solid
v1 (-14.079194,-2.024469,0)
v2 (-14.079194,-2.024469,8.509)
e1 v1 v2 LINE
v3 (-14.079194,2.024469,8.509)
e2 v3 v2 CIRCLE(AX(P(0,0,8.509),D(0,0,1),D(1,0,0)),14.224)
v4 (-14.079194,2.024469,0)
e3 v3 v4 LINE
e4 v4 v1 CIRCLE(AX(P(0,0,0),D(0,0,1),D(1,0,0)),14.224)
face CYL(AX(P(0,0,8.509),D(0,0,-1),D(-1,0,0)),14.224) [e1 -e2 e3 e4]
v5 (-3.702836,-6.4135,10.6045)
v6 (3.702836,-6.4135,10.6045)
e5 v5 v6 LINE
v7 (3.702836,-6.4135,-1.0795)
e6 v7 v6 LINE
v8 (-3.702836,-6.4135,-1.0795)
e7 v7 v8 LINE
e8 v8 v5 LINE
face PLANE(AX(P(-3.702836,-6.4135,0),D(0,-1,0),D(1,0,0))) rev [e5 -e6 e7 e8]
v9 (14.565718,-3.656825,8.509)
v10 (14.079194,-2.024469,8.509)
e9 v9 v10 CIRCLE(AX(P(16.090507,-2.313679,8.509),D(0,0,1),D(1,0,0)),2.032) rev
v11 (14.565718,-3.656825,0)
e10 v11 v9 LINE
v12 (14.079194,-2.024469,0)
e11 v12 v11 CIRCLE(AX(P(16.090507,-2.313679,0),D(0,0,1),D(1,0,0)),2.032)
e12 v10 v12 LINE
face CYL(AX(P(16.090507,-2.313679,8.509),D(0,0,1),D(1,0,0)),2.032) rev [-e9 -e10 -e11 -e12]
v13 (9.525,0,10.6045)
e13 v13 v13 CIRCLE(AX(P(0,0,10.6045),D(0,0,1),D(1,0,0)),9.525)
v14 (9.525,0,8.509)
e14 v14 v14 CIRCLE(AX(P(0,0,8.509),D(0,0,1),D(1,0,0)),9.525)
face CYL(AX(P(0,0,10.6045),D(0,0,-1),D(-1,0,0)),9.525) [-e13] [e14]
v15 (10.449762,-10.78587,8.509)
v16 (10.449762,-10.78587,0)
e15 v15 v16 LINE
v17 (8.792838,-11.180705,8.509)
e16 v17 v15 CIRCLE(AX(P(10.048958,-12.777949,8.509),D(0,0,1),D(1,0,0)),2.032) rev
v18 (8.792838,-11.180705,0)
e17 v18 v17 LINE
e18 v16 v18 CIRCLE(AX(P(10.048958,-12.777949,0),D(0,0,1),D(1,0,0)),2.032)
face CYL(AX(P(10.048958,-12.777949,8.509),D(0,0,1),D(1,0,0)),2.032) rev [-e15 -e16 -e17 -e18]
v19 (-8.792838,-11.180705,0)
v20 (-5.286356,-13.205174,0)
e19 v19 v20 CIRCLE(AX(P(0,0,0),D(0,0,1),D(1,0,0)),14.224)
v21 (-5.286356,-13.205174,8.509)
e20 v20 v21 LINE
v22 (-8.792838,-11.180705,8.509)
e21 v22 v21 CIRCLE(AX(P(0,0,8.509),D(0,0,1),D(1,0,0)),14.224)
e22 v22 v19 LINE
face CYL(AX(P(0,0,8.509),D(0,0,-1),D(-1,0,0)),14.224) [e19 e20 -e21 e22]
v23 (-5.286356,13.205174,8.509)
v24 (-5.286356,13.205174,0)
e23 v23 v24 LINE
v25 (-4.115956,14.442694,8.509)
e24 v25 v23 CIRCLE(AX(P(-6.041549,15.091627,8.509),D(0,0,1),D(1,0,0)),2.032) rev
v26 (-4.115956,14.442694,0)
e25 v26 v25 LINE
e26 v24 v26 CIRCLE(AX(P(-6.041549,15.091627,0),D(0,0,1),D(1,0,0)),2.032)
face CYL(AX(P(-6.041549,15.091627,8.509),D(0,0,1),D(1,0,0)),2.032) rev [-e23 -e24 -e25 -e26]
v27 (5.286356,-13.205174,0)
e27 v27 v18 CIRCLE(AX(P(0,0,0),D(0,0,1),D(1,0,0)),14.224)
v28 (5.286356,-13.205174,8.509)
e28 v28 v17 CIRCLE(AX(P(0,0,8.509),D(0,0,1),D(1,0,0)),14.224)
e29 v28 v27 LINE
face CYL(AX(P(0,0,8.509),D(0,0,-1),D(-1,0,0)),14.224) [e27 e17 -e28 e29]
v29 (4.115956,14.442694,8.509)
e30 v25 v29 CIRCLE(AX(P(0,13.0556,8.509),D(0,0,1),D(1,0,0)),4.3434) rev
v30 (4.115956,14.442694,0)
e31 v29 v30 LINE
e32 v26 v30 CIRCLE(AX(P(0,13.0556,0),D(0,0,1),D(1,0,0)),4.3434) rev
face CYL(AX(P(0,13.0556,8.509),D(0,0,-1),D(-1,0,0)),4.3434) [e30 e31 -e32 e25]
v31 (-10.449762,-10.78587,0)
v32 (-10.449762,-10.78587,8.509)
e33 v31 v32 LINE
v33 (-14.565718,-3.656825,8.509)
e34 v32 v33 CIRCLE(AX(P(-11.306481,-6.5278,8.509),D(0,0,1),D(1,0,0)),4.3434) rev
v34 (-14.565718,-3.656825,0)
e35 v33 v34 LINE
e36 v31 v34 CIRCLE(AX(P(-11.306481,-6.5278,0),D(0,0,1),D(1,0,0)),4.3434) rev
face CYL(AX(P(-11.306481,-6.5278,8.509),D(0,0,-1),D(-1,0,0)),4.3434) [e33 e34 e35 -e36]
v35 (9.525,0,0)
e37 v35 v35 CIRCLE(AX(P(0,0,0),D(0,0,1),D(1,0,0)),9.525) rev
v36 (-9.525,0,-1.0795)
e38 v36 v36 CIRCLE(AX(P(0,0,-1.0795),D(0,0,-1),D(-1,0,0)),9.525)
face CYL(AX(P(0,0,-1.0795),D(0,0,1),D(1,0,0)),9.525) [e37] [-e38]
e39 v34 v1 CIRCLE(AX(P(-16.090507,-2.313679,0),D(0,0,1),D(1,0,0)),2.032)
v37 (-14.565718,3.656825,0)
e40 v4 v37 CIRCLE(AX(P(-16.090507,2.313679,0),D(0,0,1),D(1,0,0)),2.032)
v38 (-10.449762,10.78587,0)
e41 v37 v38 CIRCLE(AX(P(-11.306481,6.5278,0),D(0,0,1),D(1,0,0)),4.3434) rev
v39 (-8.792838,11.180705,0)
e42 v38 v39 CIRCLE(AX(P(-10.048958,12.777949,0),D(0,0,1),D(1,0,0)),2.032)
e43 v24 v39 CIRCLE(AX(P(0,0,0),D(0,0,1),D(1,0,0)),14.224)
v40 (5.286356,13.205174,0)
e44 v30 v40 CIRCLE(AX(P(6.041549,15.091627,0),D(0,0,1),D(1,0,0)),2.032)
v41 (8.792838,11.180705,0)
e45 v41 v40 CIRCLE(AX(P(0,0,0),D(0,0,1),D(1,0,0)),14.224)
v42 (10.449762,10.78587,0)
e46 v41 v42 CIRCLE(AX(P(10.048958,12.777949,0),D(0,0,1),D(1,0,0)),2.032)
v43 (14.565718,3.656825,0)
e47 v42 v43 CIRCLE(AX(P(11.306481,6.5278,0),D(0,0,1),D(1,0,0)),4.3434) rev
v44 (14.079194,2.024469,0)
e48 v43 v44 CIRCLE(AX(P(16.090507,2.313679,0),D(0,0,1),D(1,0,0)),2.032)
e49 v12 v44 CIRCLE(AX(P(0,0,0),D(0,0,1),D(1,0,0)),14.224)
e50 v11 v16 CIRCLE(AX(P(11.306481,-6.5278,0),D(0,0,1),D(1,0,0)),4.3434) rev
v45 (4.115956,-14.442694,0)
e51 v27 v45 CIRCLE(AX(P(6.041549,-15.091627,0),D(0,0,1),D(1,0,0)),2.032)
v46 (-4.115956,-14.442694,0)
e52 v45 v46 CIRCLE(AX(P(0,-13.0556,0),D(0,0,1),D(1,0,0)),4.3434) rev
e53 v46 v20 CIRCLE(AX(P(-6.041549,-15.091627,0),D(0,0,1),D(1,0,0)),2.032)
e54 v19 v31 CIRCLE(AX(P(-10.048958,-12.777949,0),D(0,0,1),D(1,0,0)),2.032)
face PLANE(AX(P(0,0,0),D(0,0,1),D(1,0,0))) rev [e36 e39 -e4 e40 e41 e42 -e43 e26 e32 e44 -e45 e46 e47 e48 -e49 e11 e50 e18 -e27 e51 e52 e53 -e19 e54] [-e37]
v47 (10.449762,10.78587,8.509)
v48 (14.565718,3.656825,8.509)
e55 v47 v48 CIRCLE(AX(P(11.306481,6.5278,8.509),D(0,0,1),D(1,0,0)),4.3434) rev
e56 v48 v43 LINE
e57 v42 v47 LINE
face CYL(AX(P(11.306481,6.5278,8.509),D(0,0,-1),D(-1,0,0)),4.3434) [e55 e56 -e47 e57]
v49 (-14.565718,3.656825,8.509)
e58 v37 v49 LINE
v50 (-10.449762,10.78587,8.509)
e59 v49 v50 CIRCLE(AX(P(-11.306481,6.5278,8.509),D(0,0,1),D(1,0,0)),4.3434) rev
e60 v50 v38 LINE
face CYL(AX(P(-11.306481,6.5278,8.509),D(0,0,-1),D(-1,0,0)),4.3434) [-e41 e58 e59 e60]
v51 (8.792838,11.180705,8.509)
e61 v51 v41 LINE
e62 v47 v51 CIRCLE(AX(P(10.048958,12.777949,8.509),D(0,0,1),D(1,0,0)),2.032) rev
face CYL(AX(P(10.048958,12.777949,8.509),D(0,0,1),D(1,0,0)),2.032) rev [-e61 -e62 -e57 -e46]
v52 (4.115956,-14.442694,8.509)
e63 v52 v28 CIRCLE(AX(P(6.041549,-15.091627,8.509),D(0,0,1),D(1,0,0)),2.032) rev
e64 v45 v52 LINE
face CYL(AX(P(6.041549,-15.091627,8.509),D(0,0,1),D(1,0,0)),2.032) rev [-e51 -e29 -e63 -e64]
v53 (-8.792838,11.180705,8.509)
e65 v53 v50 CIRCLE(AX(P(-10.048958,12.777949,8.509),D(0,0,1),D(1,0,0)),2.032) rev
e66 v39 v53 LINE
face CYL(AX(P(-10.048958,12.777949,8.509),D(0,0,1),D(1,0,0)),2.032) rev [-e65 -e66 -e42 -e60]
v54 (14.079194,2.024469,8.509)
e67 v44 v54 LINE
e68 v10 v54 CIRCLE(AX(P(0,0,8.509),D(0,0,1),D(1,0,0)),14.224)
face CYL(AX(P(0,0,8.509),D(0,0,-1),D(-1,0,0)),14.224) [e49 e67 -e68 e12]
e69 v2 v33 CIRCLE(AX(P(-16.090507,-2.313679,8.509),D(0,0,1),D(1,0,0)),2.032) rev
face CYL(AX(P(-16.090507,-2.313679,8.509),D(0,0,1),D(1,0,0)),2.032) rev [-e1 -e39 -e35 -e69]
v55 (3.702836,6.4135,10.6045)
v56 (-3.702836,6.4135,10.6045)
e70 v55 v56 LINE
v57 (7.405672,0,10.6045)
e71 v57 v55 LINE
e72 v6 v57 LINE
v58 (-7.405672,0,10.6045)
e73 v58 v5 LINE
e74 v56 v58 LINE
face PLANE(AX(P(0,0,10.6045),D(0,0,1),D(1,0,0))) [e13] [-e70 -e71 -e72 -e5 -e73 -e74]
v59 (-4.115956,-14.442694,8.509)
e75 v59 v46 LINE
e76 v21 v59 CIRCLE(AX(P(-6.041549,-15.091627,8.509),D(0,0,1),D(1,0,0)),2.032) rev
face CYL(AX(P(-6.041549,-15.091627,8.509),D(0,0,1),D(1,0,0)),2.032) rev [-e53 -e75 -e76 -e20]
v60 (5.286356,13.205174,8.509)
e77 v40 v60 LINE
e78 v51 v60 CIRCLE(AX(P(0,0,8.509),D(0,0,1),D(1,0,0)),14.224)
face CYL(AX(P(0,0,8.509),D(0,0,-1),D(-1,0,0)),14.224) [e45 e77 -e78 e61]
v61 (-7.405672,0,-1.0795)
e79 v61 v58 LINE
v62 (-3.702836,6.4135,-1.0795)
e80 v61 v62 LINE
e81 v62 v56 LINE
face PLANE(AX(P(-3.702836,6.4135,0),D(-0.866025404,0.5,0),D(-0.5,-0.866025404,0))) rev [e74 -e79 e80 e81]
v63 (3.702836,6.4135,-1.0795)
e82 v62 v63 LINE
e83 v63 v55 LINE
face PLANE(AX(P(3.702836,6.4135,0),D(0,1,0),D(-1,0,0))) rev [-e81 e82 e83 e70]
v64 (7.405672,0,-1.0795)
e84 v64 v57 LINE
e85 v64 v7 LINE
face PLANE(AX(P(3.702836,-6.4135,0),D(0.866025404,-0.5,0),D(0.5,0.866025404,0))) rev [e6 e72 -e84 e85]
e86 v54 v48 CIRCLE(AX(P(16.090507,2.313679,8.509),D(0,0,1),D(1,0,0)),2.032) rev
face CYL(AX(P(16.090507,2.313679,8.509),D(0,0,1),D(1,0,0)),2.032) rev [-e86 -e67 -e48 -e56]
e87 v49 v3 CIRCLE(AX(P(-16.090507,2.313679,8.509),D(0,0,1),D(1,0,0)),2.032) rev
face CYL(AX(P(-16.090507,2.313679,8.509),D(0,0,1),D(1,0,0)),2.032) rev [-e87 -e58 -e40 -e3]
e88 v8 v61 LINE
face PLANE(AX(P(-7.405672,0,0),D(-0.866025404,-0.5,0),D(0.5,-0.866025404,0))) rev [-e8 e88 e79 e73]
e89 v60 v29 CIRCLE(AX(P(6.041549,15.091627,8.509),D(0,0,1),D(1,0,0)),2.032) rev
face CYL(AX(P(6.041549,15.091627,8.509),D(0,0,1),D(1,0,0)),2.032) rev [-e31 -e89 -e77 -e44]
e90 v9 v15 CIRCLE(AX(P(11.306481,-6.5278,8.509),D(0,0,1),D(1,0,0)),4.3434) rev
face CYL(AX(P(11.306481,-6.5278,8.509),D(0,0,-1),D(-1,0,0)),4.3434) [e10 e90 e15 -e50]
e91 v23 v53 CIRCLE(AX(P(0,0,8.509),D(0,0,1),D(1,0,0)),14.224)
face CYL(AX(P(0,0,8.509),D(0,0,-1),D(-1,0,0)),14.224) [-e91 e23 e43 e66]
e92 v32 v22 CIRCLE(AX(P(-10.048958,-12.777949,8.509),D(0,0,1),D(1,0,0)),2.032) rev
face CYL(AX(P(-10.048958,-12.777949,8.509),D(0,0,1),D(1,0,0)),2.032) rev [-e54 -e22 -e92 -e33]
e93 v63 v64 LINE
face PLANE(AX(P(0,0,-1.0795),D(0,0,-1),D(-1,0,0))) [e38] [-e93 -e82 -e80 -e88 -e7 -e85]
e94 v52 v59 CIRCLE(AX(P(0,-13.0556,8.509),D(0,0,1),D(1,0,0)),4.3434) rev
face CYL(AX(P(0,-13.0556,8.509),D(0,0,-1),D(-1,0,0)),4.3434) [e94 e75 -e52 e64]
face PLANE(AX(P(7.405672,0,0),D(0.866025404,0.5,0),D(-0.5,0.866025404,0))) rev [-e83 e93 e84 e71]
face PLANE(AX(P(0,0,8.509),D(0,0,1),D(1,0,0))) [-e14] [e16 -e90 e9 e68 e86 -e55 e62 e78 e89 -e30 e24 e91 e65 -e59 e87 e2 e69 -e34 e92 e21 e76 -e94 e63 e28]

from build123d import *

# Parameters (mm, degrees)
BOSS_EXTRUDE2_DEPTH = 8.509
FILLET1_R           = 2.032
CUT_EXTRUDE1_DEPTH  = 25.900744443
SKETCH7_R           = 9.525
BOSS_EXTRUDE3_DEPTH = 1.0795
BOSS_EXTRUDE4_START = 2.0955
SKETCH8_R           = 9.525
BOSS_EXTRUDE4_DEPTH = 2.0955


with BuildPart() as part:
    # Sketch5 → Boss-Extrude2 (new body)
    with BuildSketch(Plane.XY):
        with BuildLine():
            ThreePointArc((13.895294195, 3.040226179), (15.067976, 8.6995), (9.580560202, 10.513564677))
            ThreePointArc((9.580560202, 10.513564677), (7.112, 12.318345343), (4.314733993, 13.553790856))
            ThreePointArc((4.314733993, 13.553790856), (0, 17.399), (-4.314733993, 13.553790856))
            ThreePointArc((-4.314733993, 13.553790856), (-7.112, 12.318345343), (-9.580560202, 10.513564677))
            ThreePointArc((-9.580560202, 10.513564677), (-15.067976, 8.6995), (-13.895294195, 3.040226179))
            ThreePointArc((-13.895294195, 3.040226179), (-14.224, 0), (-13.895294195, -3.040226179))
            ThreePointArc((-13.895294195, -3.040226179), (-15.067976, -8.6995), (-9.580560202, -10.513564677))
            ThreePointArc((-9.580560202, -10.513564677), (-7.112, -12.318345343), (-4.314733993, -13.553790856))
            ThreePointArc((-4.314733993, -13.553790856), (0, -17.399), (4.314733993, -13.553790856))
            ThreePointArc((4.314733993, -13.553790856), (7.112, -12.318345343), (9.580560202, -10.513564677))
            ThreePointArc((9.580560202, -10.513564677), (15.067976, -8.6995), (13.895294195, -3.040226179))
            ThreePointArc((13.895294195, -3.040226179), (14.224, 0), (13.895294195, 3.040226179))
        make_face()
    extrude(amount=BOSS_EXTRUDE2_DEPTH)

    # Fillet1
    fillet1_edges = [part.edges().sort_by_distance(p)[0] for p in [
        (-4.314733993, 13.553790856, 4.2545),
        (4.314733993, 13.553790856, 4.2545),
        (9.580560202, 10.513564677, 4.2545),
        (13.895294195, 3.040226179, 4.2545),
        (13.895294195, -3.040226179, 4.2545),
        (9.580560202, -10.513564677, 4.2545),
        (4.314733993, -13.553790856, 4.2545),
        (-4.314733993, -13.553790856, 4.2545),
        (-9.580560202, -10.513564677, 4.2545),
        (-13.895294195, -3.040226179, 4.2545),
        (-9.580560202, 10.513564677, 4.2545),
        (-13.895294195, 3.040226179, 4.2545),
    ]]
    fillet(fillet1_edges, radius=FILLET1_R)

    # Sketch6 → Cut-Extrude1 (cut, through all)
    with BuildSketch(Plane.XY.offset(8.509)):
        Polygon((7.405671903, 0), (3.702835951, 6.4135), (-3.702835951, 6.4135), (-7.405671903, 0), (-3.702835951, -6.4135), (3.702835951, -6.4135), align=None)
    extrude(amount=-CUT_EXTRUDE1_DEPTH, mode=Mode.SUBTRACT)

    # Sketch7 → Boss-Extrude3 (add)
    with BuildSketch(Plane(origin=(0, 0, 0), x_dir=(-1, 0, 0), z_dir=(0, 0, -1))):
        with Locations(Location((0, 0, 0), (0, 0, 180))):
            Circle(SKETCH7_R)
        Polygon((-7.405671903, 0), (-3.702835951, 6.4135), (3.702835951, 6.4135), (7.405671903, 0), (3.702835951, -6.4135), (-3.702835951, -6.4135), align=None, mode=Mode.SUBTRACT)
    extrude(amount=BOSS_EXTRUDE3_DEPTH)

    # Sketch8 → Boss-Extrude4 (add)
    with BuildSketch(Plane.XY.offset(8.509).offset(BOSS_EXTRUDE4_START)):
        Circle(SKETCH8_R)
        Polygon((3.702835951, -6.4135), (7.405671903, 0), (3.702835951, 6.4135), (-3.702835951, 6.4135), (-7.405671903, 0), (-3.702835951, -6.4135), align=None, mode=Mode.SUBTRACT)
    extrude(amount=-BOSS_EXTRUDE4_DEPTH)


solid = part.part
